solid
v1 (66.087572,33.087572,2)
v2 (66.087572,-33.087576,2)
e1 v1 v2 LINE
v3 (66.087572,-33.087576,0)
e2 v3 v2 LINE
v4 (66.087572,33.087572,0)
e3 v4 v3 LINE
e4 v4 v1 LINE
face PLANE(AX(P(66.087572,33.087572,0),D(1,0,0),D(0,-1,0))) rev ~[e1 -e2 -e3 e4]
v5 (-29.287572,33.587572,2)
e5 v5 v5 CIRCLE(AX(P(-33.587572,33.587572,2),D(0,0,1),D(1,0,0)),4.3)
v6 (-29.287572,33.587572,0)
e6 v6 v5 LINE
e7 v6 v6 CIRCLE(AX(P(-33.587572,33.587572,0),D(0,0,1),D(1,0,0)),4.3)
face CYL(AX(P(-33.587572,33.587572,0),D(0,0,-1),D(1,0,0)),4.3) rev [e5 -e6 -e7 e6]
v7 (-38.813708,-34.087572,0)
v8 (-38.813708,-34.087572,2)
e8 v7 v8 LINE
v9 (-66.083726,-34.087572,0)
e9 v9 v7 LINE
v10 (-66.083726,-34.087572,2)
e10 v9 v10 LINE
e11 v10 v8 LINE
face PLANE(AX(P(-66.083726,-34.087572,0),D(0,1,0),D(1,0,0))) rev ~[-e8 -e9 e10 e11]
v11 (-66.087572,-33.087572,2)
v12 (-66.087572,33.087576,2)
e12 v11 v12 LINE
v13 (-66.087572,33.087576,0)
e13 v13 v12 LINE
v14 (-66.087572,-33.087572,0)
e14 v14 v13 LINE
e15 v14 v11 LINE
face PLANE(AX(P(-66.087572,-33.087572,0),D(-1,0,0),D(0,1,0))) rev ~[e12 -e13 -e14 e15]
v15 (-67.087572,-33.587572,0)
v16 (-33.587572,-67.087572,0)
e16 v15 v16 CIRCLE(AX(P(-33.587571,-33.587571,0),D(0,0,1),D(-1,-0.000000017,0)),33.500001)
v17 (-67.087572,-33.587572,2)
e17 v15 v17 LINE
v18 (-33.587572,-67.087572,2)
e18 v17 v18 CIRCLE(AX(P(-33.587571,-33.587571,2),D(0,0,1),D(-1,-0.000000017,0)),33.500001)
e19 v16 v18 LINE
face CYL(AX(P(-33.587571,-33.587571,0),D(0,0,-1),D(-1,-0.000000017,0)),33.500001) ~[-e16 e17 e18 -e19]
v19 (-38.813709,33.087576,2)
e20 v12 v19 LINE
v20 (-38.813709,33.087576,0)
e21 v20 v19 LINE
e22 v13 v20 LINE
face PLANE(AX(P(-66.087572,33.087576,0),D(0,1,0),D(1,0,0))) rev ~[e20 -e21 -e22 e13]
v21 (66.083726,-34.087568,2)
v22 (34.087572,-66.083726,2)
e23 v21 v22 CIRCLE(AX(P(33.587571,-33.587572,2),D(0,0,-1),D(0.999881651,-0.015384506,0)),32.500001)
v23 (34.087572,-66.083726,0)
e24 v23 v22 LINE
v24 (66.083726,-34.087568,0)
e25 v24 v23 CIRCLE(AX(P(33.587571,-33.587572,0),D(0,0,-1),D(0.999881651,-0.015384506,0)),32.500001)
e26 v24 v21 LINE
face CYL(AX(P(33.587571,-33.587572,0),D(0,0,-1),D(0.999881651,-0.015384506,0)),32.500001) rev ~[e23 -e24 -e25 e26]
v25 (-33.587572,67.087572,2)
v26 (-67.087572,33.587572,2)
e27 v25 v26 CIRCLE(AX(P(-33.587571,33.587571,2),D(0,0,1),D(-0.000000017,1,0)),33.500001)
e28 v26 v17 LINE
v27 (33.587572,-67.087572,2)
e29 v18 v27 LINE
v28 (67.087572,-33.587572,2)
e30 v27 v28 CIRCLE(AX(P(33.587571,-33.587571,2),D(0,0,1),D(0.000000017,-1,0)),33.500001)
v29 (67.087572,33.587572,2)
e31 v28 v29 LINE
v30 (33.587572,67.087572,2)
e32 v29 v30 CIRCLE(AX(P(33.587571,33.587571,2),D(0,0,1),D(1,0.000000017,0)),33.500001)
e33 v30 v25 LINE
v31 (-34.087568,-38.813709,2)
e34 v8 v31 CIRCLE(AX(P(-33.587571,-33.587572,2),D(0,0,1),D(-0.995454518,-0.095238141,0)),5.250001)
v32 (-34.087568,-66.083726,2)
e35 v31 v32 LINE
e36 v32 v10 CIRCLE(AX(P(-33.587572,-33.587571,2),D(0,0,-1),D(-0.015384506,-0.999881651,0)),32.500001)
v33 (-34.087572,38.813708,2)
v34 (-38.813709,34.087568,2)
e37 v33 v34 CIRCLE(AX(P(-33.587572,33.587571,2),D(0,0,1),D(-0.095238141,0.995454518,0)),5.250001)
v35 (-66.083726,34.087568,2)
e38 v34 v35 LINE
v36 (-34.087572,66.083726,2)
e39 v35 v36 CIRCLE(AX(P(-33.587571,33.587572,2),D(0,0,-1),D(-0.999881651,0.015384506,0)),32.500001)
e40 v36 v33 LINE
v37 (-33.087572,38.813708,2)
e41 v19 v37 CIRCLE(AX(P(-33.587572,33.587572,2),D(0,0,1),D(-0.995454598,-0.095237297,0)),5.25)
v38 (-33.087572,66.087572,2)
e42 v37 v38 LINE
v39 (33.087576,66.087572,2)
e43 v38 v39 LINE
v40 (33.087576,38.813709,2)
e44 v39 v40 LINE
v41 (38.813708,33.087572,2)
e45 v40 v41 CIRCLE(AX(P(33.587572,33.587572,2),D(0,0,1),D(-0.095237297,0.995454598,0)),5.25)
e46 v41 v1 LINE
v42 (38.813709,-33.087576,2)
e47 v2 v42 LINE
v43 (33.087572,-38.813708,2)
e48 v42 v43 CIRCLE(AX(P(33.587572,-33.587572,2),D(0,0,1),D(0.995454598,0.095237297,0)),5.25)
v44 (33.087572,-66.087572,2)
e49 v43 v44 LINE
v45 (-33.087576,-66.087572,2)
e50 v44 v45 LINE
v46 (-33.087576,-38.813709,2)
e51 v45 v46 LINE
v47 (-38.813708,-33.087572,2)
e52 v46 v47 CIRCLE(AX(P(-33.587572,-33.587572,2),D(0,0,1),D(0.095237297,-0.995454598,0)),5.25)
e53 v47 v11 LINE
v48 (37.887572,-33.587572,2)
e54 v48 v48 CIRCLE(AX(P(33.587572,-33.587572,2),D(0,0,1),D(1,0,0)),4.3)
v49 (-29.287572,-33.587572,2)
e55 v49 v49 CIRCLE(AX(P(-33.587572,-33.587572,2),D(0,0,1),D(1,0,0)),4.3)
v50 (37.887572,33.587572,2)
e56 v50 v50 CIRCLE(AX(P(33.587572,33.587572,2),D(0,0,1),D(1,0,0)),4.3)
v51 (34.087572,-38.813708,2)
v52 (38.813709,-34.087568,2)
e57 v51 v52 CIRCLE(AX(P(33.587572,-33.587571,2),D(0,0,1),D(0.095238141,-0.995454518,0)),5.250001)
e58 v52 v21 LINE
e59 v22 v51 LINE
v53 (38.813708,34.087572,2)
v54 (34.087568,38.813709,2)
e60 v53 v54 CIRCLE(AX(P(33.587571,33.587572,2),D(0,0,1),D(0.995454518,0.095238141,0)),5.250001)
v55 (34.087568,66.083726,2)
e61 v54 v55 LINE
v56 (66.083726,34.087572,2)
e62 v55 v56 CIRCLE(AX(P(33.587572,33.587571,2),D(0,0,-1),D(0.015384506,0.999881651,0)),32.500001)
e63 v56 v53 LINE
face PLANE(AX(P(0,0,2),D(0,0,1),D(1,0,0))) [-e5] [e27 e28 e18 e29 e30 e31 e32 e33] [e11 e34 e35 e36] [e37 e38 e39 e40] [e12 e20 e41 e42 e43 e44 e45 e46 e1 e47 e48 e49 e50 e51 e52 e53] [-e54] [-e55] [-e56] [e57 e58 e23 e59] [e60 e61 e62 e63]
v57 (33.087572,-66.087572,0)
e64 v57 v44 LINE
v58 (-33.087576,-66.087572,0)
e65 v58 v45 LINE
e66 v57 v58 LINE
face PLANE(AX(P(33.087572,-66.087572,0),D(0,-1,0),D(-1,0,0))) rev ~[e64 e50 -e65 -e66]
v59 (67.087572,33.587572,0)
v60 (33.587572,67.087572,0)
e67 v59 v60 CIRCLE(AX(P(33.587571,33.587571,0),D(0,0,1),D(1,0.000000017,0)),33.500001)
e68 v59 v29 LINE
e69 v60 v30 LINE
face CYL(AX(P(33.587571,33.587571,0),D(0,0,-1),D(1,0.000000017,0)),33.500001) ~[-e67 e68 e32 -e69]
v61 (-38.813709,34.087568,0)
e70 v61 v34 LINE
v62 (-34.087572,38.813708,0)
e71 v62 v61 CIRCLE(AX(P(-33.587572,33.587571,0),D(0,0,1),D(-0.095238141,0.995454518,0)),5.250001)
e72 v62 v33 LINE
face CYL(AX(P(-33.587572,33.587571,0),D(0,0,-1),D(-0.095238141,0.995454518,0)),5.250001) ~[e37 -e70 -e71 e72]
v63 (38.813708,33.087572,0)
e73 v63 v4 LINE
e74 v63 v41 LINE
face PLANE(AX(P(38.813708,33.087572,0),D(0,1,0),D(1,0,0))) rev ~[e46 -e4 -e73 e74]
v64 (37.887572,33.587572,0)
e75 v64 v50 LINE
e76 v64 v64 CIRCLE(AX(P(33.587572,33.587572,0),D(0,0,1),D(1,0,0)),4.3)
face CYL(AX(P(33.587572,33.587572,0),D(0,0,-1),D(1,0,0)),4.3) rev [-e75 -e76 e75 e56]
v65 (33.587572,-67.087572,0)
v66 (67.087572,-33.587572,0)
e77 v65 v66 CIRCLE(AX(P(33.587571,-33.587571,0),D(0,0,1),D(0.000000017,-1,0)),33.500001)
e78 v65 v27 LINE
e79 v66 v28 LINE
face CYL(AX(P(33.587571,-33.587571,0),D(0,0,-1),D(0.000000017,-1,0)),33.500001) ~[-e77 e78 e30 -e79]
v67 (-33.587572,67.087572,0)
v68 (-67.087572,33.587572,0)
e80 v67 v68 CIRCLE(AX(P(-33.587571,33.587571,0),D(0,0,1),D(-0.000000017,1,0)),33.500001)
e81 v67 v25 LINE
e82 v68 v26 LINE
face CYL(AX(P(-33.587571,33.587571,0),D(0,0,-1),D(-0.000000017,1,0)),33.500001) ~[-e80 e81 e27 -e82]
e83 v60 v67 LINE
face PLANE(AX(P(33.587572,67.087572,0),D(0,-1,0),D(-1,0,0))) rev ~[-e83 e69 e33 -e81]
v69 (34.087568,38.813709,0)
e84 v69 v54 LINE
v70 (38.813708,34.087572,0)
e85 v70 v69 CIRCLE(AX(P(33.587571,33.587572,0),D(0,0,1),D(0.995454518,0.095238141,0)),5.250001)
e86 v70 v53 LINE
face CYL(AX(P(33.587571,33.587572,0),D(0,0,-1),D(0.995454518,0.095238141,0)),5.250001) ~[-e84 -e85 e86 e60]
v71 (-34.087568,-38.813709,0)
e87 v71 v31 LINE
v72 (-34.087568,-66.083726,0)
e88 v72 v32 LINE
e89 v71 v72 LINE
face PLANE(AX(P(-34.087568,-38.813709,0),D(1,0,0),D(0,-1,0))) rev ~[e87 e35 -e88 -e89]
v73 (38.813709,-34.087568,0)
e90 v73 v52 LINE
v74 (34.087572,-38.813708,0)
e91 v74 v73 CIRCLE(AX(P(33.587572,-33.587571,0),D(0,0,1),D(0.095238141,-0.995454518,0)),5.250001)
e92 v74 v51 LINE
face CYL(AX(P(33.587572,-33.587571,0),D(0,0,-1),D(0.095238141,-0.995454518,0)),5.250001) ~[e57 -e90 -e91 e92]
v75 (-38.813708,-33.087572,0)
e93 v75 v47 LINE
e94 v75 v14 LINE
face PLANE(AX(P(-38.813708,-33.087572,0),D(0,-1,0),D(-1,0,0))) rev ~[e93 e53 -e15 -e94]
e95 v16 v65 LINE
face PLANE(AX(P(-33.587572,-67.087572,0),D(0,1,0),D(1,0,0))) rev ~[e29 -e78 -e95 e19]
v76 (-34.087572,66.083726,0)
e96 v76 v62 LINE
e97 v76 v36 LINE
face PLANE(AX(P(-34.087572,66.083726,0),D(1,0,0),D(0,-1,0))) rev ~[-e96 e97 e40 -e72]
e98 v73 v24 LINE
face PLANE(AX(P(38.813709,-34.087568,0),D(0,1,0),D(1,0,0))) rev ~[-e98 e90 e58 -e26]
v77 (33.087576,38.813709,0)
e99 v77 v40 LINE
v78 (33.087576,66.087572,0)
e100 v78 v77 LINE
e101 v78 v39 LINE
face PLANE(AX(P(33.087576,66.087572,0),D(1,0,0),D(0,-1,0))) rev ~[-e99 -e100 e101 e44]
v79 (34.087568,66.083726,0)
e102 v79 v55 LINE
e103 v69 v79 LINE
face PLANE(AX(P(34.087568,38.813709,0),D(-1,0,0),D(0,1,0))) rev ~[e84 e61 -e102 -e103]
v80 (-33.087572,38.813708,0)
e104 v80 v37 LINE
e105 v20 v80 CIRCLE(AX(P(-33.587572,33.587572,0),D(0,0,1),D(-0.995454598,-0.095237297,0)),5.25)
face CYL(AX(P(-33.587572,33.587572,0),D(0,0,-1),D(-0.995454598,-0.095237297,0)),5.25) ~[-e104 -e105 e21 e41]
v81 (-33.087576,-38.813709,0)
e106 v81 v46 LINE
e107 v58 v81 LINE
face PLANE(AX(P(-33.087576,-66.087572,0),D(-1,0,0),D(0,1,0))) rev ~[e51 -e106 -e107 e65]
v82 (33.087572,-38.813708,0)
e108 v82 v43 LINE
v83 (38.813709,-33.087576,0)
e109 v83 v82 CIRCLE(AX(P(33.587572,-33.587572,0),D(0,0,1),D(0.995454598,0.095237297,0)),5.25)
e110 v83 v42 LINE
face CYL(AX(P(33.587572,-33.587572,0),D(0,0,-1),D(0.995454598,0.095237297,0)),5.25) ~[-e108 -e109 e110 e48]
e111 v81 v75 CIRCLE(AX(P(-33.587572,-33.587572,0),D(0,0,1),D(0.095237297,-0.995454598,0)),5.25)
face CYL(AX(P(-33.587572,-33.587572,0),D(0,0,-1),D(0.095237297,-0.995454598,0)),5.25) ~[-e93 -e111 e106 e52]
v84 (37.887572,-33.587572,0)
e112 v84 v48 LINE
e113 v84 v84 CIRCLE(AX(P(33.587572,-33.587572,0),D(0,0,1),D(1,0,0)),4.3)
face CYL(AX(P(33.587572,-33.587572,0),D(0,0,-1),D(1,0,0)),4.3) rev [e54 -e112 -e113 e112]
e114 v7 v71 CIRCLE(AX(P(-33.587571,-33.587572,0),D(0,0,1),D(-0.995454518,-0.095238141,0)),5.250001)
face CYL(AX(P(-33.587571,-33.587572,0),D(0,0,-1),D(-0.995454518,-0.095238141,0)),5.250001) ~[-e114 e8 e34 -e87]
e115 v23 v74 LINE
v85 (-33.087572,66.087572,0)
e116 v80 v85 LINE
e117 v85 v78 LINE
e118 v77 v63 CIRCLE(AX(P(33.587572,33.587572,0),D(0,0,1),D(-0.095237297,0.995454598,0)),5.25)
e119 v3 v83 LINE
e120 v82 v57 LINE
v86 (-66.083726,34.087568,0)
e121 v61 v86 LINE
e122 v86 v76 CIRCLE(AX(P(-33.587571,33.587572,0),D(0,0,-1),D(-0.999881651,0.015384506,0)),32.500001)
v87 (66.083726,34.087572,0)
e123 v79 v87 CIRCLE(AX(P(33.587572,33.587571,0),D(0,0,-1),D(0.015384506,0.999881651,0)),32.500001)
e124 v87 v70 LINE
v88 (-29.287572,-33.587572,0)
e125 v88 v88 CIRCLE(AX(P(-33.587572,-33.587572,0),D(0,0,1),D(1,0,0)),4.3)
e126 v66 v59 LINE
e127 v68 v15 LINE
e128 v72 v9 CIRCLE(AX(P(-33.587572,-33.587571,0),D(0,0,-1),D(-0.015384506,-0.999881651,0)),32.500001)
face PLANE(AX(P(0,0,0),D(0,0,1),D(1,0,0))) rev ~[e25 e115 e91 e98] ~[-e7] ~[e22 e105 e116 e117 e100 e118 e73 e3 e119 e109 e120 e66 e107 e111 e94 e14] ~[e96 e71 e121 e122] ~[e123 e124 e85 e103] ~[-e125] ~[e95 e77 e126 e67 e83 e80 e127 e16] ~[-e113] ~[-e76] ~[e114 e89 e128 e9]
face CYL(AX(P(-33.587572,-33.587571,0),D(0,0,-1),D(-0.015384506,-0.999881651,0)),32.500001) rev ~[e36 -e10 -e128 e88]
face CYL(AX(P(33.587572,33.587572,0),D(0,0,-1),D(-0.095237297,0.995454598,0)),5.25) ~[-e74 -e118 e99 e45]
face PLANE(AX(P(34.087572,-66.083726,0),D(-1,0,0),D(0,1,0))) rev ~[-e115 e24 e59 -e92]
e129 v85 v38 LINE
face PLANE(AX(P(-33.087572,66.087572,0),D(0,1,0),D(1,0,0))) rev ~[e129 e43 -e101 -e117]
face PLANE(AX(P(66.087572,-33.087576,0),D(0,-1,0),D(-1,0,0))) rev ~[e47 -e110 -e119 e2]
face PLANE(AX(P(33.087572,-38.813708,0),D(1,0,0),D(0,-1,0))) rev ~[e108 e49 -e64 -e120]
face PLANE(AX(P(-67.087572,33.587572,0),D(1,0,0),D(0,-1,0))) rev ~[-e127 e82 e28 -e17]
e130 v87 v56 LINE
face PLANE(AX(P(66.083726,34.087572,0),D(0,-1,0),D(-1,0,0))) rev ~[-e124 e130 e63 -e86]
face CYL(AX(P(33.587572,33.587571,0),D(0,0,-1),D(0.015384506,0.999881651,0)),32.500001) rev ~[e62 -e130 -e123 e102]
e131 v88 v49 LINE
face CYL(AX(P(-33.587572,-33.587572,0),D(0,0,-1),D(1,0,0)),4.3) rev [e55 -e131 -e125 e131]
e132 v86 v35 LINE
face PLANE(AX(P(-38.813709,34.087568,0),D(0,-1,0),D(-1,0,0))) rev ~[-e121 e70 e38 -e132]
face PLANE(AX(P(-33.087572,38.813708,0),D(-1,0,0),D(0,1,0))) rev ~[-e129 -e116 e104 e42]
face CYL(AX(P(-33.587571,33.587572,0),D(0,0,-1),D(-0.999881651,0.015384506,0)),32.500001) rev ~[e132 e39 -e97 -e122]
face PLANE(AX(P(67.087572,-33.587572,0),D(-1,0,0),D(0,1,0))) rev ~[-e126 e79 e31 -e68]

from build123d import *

# Parameters (mm, degrees)
F2_R     = 4.3
F3_DEPTH = 2


with BuildPart() as f3:
    # F2 (on Top) → F3 (new body)
    with BuildSketch(Plane.XY):
        with BuildLine():
            ThreePointArc((67.087572, 33.587572), (57.275649, 57.275649), (33.587572, 67.087572))
            Line((33.587572, 67.087572), (0, 67.087572))
            Line((0, 67.087572), (-33.587572, 67.087572))
            ThreePointArc((-33.587572, 67.087572), (-57.275649, 57.275649), (-67.087572, 33.587572))
            Line((-67.087572, 33.587572), (-67.087572, 0))
            Line((-67.087572, 0), (-67.087572, -33.587572))
            ThreePointArc((-67.087572, -33.587572), (-57.275649, -57.275649), (-33.587572, -67.087572))
            Line((-33.587572, -67.087572), (0, -67.087572))
            Line((0, -67.087572), (33.587572, -67.087572))
            ThreePointArc((33.587572, -67.087572), (57.275649, -57.275649), (67.087572, -33.587572))
            Line((67.087572, -33.587572), (67.087572, 0))
            Line((67.087572, 0), (67.087572, 33.587572))
        make_face()
        with BuildLine():
            Line((-34.087568, -38.813709), (-34.087568, -66.083726))
            ThreePointArc((-34.087568, -66.083726), (-56.568541, -56.568544), (-66.083726, -34.087572))
            Line((-66.083726, -34.087572), (-38.813708, -34.087572))
            ThreePointArc((-38.813708, -34.087572), (-37.299881, -37.299884), (-34.087568, -38.813709))
        make_face(mode=Mode.SUBTRACT)
        with Locations((-33.587572, -33.587572)):
            Circle(F2_R, mode=Mode.SUBTRACT)
        with BuildLine():
            Line((38.813709, -34.087568), (66.083726, -34.087568))
            ThreePointArc((66.083726, -34.087568), (56.568544, -56.568541), (34.087572, -66.083726))
            Line((34.087572, -66.083726), (34.087572, -38.813708))
            ThreePointArc((34.087572, -38.813708), (37.299884, -37.299881), (38.813709, -34.087568))
        make_face(mode=Mode.SUBTRACT)
        with Locations((33.587572, -33.587572)):
            Circle(F2_R, mode=Mode.SUBTRACT)
        with Locations((-33.587572, 33.587572)):
            Circle(F2_R, mode=Mode.SUBTRACT)
        with BuildLine():
            Line((-38.813709, 34.087568), (-66.083726, 34.087568))
            ThreePointArc((-66.083726, 34.087568), (-56.568544, 56.568541), (-34.087572, 66.083726))
            Line((-34.087572, 66.083726), (-34.087572, 38.813708))
            ThreePointArc((-34.087572, 38.813708), (-37.299884, 37.299881), (-38.813709, 34.087568))
        make_face(mode=Mode.SUBTRACT)
        with BuildLine():
            Line((33.087576, 66.087572), (33.087576, 38.813709))
            ThreePointArc((33.087576, 38.813709), (29.87526, 29.875263), (38.813708, 33.087572))
            Line((38.813708, 33.087572), (66.087572, 33.087572))
            Line((66.087572, 33.087572), (66.087572, 0))
            Line((66.087572, 0), (66.087572, -33.087576))
            Line((66.087572, -33.087576), (38.813709, -33.087576))
            ThreePointArc((38.813709, -33.087576), (29.875263, -29.87526), (33.087572, -38.813708))
            Line((33.087572, -38.813708), (33.087572, -66.087572))
            Line((33.087572, -66.087572), (0, -66.087572))
            Line((0, -66.087572), (-33.087576, -66.087572))
            Line((-33.087576, -66.087572), (-33.087576, -38.813709))
            ThreePointArc((-33.087576, -38.813709), (-29.87526, -29.875263), (-38.813708, -33.087572))
            Line((-38.813708, -33.087572), (-66.087572, -33.087572))
            Line((-66.087572, -33.087572), (-66.087572, 0))
            Line((-66.087572, 0), (-66.087572, 33.087576))
            Line((-66.087572, 33.087576), (-38.813709, 33.087576))
            ThreePointArc((-38.813709, 33.087576), (-29.875263, 29.87526), (-33.087572, 38.813708))
            Line((-33.087572, 38.813708), (-33.087572, 66.087572))
            Line((-33.087572, 66.087572), (0, 66.087572))
            Line((0, 66.087572), (33.087576, 66.087572))
        make_face(mode=Mode.SUBTRACT)
        with Locations((33.587572, 33.587572)):
            Circle(F2_R, mode=Mode.SUBTRACT)
        with BuildLine():
            Line((34.087568, 38.813709), (34.087568, 66.083726))
            ThreePointArc((34.087568, 66.083726), (56.568541, 56.568544), (66.083726, 34.087572))
            Line((66.083726, 34.087572), (38.813708, 34.087572))
            ThreePointArc((38.813708, 34.087572), (37.299881, 37.299884), (34.087568, 38.813709))
        make_face(mode=Mode.SUBTRACT)
    extrude(amount=F3_DEPTH)


solid = f3.part
